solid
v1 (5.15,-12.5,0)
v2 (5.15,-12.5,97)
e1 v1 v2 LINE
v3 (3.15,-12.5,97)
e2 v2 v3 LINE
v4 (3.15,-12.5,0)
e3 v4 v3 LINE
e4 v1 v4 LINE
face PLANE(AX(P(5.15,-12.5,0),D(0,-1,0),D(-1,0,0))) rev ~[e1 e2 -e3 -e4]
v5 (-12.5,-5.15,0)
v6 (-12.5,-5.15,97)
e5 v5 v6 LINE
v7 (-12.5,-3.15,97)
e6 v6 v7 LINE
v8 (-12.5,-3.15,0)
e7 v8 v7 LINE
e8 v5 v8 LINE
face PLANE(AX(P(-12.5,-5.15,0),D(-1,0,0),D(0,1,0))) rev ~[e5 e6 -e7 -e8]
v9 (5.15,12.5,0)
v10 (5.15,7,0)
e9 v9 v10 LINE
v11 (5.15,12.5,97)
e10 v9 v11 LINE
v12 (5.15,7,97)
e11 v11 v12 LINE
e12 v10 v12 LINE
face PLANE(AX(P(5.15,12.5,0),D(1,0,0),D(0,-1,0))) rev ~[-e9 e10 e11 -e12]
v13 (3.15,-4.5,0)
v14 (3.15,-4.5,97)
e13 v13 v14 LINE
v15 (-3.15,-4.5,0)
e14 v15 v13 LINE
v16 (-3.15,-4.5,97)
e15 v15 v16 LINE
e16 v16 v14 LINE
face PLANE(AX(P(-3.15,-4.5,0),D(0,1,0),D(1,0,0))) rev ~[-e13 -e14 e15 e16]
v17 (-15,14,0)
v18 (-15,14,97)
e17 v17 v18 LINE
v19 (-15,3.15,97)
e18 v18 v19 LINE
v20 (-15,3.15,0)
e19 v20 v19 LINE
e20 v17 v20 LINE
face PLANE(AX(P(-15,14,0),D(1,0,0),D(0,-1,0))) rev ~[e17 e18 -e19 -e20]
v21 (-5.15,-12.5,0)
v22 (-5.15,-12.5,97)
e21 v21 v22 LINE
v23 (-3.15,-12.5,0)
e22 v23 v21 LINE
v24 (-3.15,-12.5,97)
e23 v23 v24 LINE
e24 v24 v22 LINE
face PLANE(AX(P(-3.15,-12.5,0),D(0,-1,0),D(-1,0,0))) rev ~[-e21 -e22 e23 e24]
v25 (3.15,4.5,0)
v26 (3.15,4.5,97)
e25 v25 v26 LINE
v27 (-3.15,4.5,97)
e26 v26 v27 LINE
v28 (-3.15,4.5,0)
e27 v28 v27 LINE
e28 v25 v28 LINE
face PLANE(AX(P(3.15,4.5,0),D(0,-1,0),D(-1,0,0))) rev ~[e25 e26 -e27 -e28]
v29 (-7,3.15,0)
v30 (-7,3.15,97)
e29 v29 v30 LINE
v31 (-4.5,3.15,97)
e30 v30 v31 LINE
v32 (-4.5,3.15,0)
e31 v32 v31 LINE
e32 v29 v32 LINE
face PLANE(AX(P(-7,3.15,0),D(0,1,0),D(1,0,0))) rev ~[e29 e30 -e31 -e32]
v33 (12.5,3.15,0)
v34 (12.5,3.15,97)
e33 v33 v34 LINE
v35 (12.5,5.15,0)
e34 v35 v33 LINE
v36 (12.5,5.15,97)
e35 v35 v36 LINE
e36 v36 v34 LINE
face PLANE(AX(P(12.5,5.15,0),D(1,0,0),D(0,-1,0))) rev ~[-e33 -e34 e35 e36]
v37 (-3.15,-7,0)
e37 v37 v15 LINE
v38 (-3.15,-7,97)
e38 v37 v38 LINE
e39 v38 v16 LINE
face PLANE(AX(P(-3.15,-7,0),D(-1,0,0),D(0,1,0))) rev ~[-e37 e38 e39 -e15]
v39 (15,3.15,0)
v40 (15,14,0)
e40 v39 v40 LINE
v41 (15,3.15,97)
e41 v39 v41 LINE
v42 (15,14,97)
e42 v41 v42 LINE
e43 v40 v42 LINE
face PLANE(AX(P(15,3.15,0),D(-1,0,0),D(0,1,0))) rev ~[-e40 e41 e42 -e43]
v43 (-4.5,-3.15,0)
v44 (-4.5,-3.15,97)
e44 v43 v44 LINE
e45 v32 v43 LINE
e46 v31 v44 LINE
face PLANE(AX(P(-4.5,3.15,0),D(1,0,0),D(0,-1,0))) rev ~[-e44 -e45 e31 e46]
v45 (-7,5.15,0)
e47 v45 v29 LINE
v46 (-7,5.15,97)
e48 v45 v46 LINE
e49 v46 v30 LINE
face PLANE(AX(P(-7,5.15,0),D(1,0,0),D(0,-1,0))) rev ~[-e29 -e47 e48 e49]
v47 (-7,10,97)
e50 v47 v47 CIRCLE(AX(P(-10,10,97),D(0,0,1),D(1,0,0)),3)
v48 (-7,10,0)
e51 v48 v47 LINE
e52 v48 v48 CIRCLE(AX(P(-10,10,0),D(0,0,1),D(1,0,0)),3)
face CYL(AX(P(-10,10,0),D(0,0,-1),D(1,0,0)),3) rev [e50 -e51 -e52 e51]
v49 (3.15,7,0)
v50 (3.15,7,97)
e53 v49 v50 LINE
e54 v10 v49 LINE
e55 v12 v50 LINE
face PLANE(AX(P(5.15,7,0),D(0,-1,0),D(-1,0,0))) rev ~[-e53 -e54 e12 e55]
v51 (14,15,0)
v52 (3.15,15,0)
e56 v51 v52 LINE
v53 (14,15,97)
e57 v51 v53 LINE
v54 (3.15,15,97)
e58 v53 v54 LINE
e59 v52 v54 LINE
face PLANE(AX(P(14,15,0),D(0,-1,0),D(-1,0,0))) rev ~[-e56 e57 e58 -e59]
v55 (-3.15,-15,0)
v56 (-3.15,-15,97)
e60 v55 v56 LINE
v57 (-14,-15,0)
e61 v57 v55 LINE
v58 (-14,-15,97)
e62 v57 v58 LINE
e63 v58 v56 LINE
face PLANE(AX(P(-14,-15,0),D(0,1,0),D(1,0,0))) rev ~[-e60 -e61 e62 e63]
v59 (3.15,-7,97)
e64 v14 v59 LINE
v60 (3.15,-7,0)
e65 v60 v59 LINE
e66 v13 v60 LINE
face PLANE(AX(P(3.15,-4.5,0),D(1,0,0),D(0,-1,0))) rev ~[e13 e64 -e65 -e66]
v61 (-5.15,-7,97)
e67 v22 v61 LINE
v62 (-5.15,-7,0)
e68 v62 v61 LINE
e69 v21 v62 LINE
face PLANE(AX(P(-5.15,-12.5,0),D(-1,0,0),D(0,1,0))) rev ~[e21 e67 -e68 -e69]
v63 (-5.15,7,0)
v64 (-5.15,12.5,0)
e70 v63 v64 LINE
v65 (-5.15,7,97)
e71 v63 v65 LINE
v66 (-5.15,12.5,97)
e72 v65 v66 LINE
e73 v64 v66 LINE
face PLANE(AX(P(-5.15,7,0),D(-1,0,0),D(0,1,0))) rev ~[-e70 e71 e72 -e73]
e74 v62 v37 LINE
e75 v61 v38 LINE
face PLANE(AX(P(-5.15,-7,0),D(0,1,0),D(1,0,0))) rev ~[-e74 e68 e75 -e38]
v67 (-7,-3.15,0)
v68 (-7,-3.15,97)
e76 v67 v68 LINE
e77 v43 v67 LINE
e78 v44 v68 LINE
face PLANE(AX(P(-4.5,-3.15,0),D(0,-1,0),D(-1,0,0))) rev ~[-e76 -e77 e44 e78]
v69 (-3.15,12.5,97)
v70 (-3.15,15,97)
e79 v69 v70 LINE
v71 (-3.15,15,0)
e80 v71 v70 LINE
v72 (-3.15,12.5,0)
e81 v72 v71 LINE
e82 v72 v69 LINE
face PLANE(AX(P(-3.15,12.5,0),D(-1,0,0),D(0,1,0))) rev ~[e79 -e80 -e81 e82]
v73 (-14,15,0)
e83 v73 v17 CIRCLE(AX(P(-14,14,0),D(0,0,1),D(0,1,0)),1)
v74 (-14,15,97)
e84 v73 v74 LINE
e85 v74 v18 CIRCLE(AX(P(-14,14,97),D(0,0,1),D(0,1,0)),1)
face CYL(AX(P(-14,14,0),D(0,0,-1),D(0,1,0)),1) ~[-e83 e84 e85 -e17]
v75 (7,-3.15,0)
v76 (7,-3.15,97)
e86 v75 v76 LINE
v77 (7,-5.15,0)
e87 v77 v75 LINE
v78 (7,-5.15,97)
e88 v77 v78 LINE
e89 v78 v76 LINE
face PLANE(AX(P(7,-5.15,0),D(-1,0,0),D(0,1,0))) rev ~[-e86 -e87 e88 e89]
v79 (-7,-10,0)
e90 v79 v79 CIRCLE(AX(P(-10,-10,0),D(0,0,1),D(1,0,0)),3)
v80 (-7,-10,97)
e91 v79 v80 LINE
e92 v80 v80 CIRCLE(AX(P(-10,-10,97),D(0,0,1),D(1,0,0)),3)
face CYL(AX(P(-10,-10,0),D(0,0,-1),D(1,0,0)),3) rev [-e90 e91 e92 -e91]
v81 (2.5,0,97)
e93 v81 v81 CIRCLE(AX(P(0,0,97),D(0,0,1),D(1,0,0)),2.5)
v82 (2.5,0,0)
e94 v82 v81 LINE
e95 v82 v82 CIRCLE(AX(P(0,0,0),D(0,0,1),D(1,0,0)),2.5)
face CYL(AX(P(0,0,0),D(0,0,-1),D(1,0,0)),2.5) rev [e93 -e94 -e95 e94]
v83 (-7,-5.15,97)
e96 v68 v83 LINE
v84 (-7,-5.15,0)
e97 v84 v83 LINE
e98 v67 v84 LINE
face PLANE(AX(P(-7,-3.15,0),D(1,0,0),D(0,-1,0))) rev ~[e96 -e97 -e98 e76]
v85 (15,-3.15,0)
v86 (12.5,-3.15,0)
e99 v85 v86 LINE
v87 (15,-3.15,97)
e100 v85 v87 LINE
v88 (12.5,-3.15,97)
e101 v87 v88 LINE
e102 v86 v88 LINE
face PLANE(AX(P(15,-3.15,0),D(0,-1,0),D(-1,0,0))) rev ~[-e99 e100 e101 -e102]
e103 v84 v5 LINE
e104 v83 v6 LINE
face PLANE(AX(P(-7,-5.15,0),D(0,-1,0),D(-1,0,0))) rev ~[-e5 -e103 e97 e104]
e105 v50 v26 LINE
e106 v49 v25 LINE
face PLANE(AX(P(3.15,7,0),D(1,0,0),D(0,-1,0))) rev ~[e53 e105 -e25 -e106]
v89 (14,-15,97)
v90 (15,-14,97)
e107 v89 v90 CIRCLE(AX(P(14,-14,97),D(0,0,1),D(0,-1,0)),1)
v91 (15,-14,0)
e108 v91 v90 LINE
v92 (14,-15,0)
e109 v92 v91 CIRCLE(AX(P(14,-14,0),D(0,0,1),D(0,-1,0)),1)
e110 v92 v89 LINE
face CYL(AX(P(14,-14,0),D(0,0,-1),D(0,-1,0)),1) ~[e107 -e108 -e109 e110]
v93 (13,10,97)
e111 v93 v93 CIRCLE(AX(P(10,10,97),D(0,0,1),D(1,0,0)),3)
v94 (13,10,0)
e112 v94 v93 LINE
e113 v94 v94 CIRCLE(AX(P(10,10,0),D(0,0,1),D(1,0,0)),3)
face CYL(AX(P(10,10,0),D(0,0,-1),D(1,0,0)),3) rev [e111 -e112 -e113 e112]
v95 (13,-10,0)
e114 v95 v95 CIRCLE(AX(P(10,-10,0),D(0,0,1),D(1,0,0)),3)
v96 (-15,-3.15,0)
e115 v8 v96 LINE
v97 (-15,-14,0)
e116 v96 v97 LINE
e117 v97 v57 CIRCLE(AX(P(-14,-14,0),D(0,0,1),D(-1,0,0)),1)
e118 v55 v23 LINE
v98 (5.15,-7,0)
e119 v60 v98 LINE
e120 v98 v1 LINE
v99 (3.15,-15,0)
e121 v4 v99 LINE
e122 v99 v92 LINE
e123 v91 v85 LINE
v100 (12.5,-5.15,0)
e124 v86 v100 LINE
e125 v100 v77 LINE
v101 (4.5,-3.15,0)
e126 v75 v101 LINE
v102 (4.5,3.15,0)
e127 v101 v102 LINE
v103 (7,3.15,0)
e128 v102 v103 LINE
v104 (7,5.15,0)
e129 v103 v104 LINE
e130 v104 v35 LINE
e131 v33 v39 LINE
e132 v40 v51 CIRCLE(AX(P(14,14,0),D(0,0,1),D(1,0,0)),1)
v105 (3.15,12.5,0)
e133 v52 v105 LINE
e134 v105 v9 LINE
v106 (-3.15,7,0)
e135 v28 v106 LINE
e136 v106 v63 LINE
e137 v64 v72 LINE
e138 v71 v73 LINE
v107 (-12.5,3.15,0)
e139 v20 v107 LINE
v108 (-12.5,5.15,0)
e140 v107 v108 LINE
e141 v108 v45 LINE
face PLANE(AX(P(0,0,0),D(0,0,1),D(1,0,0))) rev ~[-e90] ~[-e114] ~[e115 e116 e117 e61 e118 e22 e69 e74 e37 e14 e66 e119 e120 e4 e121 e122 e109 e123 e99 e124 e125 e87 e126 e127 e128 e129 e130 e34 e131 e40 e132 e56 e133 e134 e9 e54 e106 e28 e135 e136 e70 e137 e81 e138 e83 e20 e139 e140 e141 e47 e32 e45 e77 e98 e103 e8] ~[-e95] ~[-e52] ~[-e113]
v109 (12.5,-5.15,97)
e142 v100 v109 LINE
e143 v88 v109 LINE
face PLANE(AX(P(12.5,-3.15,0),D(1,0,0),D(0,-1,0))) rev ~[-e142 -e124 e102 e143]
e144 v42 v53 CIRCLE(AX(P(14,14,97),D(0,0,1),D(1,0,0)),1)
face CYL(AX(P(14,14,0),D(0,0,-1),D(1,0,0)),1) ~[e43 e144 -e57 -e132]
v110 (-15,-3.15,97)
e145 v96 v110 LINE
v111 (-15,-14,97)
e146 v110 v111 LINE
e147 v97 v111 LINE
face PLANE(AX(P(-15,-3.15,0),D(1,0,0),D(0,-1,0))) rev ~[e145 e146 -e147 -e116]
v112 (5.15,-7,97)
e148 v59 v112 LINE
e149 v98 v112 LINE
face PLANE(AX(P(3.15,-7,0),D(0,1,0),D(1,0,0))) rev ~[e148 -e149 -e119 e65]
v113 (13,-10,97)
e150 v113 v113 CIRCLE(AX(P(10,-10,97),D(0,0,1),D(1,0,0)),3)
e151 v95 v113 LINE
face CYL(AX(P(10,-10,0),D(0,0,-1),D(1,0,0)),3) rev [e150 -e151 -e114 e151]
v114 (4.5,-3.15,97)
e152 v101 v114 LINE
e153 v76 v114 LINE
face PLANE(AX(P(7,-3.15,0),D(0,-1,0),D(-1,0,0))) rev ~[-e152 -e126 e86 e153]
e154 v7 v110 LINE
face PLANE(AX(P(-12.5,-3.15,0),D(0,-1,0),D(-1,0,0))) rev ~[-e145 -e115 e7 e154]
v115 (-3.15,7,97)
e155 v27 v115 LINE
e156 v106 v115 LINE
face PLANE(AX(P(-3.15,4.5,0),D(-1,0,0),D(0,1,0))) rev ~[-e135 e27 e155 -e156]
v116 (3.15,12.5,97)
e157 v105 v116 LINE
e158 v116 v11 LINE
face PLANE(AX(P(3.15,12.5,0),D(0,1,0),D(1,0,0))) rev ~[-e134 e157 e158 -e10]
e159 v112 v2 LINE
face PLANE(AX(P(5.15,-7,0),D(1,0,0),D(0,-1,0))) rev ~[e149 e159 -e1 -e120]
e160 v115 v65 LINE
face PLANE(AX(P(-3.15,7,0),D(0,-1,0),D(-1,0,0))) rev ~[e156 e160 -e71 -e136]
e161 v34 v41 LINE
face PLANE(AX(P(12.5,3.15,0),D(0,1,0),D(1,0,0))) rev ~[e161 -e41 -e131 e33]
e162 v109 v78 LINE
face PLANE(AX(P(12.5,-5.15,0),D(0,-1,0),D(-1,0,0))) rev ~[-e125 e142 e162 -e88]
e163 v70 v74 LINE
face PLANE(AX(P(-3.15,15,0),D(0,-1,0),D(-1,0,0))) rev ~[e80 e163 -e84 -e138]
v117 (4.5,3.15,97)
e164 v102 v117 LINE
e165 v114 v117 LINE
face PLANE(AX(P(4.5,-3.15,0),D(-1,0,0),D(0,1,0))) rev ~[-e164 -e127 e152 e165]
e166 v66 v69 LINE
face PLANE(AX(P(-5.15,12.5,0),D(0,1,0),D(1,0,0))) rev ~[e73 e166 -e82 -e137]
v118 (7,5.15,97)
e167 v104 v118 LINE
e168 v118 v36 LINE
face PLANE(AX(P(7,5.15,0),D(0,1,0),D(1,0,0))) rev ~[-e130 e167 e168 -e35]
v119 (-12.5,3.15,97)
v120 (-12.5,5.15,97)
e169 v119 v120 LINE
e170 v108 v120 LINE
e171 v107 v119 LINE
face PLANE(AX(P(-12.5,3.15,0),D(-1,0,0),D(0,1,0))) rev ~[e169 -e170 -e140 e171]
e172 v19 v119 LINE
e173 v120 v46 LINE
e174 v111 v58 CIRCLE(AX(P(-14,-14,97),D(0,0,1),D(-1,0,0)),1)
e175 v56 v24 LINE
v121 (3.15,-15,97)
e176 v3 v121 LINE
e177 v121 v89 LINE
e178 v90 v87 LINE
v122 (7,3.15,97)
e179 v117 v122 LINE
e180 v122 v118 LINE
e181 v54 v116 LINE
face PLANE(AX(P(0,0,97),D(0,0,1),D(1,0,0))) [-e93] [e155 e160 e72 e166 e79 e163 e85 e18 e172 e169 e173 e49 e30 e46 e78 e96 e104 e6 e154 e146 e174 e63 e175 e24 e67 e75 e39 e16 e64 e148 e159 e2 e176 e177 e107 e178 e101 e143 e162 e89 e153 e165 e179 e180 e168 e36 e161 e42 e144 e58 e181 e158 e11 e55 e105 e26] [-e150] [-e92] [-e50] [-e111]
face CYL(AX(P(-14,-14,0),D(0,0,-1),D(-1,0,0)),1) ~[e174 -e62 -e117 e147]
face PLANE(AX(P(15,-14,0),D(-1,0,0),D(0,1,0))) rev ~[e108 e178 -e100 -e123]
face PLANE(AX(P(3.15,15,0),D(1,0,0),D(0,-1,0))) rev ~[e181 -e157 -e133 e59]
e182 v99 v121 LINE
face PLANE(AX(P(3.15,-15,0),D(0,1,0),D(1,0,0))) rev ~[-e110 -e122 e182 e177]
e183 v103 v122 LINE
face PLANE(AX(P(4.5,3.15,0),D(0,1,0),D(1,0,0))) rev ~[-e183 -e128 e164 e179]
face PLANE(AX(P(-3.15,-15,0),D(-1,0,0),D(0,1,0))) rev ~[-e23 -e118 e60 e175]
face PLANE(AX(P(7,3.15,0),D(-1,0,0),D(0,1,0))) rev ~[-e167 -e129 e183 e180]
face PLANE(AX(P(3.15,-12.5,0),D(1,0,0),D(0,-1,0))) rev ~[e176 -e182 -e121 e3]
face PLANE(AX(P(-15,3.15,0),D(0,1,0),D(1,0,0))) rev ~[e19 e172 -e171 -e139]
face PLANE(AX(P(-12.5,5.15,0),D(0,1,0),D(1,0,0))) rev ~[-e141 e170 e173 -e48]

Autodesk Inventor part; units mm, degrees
ref_plane "YZ Plane" through (0, 0, 0) normal (1, 0, 0) x (0, 1, 0)
ref_plane "XZ Plane" through (0, 0, 0) normal (0, 1, 0) x (-1, 0, 0)
ref_plane "XY Plane" through (0, 0, 0) normal (0, 0, 1) x (1, 0, 0)
feature "ソリッド1" [suppressed]
sketch "スケッチ2" plane through (0, 0, 0) normal (0, 0, 1) x (1, 0, 0)
  line L0 (-12.5, 5.15) -> (-7, 5.15) projected
  line L1 (-7, 5.15) -> (-7, 3.15) projected
  line L2 (-7, 3.15) -> (-4.5, 3.15) projected
  line L3 (-4.5, 3.15) -> (-4.5, -3.15) projected
  line L4 (-4.5, -3.15) -> (-7, -3.15) projected
  line L5 (-7, -3.15) -> (-7, -5.15) projected
  line L6 (-7, -5.15) -> (-12.5, -5.15) projected
  line L7 (-12.5, -5.15) -> (-12.5, -3.15) projected
  line L8 (-12.5, -3.15) -> (-15, -3.15) projected
  line L9 (-15, -3.15) -> (-15, -14) projected
  arc A0 (-15, -14) -> (-14, -15) centre (-14, -14) ccw projected
  line L10 (-14, -15) -> (-3.15, -15) projected
  line L11 (-3.15, -15) -> (-3.15, -12.5) projected
  line L12 (-3.15, -12.5) -> (-5.15, -12.5) projected
  line L13 (-5.15, -12.5) -> (-5.15, -7) projected
  line L14 (-5.15, -7) -> (-3.15, -7) projected
  line L15 (-3.15, -7) -> (-3.15, -4.5) projected
  line L16 (-3.15, -4.5) -> (3.15, -4.5) projected
  line L17 (3.15, -4.5) -> (3.15, -7) projected
  line L18 (3.15, -7) -> (5.15, -7) projected
  line L19 (5.15, -7) -> (5.15, -12.5) projected
  line L20 (5.15, -12.5) -> (3.15, -12.5) projected
  line L21 (3.15, -12.5) -> (3.15, -15) projected
  line L22 (3.15, -15) -> (14, -15) projected
  arc A1 (14, -15) -> (15, -14) centre (14, -14) ccw projected
  line L23 (15, -14) -> (15, -3.15) projected
  line L24 (15, -3.15) -> (12.5, -3.15) projected
  line L25 (12.5, -3.15) -> (12.5, -5.15) projected
  line L26 (12.5, -5.15) -> (7, -5.15) projected
  line L27 (7, -5.15) -> (7, -3.15) projected
  line L28 (7, -3.15) -> (4.5, -3.15) projected
  line L29 (4.5, -3.15) -> (4.5, 3.15) projected
  line L30 (4.5, 3.15) -> (7, 3.15) projected
  line L31 (7, 3.15) -> (7, 5.15) projected
  line L32 (7, 5.15) -> (12.5, 5.15) projected
  line L33 (12.5, 5.15) -> (12.5, 3.15) projected
  line L34 (12.5, 3.15) -> (15, 3.15) projected
  line L35 (15, 3.15) -> (15, 14) projected
  arc A2 (15, 14) -> (14, 15) centre (14, 14) ccw projected
  line L36 (14, 15) -> (3.15, 15) projected
  line L37 (3.15, 15) -> (3.15, 12.5) projected
  line L38 (3.15, 12.5) -> (5.15, 12.5) projected
  line L39 (5.15, 12.5) -> (5.15, 7) projected
  line L40 (5.15, 7) -> (3.15, 7) projected
  line L41 (3.15, 7) -> (3.15, 4.5) projected
  line L42 (3.15, 4.5) -> (-3.15, 4.5) projected
  line L43 (-3.15, 4.5) -> (-3.15, 7) projected
  line L44 (-3.15, 7) -> (-5.15, 7) projected
  line L45 (-5.15, 7) -> (-5.15, 12.5) projected
  line L46 (-5.15, 12.5) -> (-3.15, 12.5) projected
  line L47 (-3.15, 12.5) -> (-3.15, 15) projected
  line L48 (-3.15, 15) -> (-14, 15) projected
  arc A3 (-14, 15) -> (-15, 14) centre (-14, 14) ccw projected
  line L49 (-15, 14) -> (-15, 3.15) projected
  line L50 (-15, 3.15) -> (-12.5, 3.15) projected
  line L51 (-12.5, 3.15) -> (-12.5, 5.15) projected
  circle A4 centre (10, 10) radius 3 projected
  circle A5 centre (-10, 10) radius 3 projected
  circle A6 centre (-10, -10) radius 3 projected
  circle A7 centre (10, -10) radius 3 projected
  circle A8 centre (0, 0) radius 2.5 projected
extrude "押し出し1" add sketch "スケッチ2" along normal blind 97
equation "\"d1\" = L"
equation "\"L\" = 97"
properties part number "AFS-3030-97"
